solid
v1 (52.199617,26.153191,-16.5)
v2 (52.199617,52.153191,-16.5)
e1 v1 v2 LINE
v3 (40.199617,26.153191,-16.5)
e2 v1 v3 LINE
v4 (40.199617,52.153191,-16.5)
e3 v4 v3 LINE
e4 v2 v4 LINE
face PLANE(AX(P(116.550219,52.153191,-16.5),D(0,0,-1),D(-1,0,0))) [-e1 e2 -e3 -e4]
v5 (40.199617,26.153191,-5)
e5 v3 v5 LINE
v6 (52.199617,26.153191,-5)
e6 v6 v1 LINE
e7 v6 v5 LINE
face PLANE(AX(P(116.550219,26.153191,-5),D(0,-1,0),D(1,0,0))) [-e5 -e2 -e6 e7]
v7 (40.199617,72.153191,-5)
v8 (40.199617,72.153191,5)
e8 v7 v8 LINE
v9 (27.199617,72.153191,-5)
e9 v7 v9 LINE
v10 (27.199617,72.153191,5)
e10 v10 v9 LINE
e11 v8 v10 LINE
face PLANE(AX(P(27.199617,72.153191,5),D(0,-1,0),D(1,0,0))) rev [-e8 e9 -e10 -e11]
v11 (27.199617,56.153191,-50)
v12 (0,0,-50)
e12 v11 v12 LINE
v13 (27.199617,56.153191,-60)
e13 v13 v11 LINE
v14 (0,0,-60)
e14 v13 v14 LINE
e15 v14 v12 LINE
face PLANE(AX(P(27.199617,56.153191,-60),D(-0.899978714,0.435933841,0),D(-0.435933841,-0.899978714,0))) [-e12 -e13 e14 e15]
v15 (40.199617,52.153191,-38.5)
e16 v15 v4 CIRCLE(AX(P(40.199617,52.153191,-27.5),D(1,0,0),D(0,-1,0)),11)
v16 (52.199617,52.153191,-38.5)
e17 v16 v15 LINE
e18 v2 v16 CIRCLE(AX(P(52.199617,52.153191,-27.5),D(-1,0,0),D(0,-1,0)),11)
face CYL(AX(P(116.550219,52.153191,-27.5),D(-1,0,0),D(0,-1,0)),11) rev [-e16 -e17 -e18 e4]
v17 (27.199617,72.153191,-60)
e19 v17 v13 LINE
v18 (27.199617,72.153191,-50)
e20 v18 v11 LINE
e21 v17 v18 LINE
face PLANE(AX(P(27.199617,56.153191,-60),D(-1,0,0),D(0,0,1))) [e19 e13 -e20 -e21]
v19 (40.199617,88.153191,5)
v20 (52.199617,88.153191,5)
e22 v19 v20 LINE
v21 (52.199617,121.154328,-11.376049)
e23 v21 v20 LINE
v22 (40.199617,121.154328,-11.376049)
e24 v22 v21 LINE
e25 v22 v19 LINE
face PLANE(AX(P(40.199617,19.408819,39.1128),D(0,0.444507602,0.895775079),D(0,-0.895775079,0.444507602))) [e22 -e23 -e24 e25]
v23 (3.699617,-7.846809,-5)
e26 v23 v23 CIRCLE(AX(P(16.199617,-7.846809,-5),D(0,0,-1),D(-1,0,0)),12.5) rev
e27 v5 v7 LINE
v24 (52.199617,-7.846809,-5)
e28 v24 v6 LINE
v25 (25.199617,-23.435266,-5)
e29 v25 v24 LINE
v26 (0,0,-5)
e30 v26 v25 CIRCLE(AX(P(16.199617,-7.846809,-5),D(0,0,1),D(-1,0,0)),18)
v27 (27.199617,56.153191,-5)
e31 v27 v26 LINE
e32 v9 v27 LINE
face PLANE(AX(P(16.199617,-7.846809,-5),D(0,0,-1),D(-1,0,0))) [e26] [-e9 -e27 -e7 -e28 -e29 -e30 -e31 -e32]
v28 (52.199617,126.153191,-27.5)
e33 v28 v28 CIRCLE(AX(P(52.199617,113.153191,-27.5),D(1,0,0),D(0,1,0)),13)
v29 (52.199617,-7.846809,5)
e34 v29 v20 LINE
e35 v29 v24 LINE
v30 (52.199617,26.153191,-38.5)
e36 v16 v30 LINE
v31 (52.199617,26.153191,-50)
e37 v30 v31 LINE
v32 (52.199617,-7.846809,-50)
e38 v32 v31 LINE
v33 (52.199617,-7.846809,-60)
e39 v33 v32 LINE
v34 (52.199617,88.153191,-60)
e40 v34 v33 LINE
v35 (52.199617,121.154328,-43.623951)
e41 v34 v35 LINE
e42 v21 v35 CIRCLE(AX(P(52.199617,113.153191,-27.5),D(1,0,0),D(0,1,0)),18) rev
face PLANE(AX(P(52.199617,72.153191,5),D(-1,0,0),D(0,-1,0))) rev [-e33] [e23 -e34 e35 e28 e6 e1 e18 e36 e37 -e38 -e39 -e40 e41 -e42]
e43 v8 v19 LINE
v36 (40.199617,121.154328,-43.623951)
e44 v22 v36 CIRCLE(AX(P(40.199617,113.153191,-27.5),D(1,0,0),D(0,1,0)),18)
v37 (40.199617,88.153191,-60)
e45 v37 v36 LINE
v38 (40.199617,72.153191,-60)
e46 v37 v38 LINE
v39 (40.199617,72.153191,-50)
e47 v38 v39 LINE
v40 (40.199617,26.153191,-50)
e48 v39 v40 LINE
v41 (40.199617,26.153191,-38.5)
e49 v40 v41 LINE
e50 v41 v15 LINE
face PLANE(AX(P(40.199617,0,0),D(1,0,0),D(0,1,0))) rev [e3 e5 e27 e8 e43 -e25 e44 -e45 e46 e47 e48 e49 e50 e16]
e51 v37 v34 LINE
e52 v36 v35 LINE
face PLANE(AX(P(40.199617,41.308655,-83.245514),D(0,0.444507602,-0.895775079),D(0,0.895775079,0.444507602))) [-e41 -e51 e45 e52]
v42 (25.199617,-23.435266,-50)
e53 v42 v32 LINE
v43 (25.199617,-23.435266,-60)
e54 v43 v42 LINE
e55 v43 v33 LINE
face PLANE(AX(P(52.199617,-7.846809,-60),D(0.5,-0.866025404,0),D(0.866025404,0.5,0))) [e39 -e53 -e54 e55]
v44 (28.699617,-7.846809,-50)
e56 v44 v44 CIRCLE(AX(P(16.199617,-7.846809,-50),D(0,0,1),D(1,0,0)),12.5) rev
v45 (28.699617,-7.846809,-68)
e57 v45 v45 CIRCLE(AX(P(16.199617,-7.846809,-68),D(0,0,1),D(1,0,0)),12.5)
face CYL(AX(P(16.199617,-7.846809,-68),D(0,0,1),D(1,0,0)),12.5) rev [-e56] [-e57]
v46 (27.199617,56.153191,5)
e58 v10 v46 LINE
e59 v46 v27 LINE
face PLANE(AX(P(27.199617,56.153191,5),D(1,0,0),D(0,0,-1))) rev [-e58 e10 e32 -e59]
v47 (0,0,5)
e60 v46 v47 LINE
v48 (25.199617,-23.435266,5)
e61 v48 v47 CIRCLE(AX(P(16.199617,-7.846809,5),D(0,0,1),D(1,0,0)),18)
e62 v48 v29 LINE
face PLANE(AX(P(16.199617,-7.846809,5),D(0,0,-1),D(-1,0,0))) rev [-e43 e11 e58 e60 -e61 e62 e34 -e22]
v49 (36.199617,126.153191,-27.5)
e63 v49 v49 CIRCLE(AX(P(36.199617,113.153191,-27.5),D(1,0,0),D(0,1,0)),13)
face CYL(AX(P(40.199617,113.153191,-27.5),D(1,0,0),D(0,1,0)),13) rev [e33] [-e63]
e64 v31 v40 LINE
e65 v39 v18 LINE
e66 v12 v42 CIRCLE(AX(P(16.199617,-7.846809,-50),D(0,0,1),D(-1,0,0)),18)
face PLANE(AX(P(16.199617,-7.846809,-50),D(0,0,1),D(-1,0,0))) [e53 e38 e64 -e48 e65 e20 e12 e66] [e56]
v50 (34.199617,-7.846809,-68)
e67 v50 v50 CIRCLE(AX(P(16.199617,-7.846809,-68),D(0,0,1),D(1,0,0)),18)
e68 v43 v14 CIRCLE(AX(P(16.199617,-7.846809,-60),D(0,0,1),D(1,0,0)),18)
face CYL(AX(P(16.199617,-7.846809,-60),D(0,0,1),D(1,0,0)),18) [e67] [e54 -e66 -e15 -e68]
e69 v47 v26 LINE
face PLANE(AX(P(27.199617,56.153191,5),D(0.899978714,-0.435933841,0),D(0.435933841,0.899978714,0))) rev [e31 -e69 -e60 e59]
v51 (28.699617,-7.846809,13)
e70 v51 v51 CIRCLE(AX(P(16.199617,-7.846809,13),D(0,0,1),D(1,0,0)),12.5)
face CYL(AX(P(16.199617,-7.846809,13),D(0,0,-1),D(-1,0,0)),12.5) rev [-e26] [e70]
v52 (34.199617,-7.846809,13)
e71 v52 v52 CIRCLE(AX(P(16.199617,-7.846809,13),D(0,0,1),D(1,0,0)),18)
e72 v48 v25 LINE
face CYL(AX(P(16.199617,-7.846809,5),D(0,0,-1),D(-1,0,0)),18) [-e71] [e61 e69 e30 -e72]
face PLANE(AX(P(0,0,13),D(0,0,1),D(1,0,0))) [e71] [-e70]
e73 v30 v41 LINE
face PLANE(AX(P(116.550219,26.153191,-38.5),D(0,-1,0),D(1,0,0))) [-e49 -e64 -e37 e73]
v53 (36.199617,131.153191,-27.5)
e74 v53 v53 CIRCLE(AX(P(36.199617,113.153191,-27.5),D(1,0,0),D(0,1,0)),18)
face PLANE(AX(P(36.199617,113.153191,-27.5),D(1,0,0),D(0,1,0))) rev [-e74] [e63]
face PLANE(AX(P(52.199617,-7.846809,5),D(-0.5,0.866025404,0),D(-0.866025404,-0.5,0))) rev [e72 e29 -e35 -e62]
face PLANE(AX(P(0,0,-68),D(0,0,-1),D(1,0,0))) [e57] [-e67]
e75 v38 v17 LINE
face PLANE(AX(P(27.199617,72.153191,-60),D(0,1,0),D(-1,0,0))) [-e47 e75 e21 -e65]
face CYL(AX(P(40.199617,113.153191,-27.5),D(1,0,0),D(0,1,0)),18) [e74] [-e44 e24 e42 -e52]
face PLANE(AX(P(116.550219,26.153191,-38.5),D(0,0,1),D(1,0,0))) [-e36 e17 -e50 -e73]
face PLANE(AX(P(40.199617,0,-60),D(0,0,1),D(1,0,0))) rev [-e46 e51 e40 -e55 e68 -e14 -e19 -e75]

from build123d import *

# Parameters (mm, degrees)
BOSS_EXTRUDE1_DEPTH = 5
BOSS_EXTRUDE2_START = 8
SKETCH2_R           = 12.5
BOSS_EXTRUDE2_DEPTH = 8
CUT_EXTRUDE1_REACH  = 91.615
SKETCH3_R           = 12.5
SKETCH5_R           = 13
BOSS_EXTRUDE3_DEPTH = 12
SKETCH6_R           = 18
SKETCH6_R_2         = 13
BOSS_EXTRUDE4_DEPTH = 16
CUT_EXTRUDE2_REACH  = 160.918
SKETCH7_R           = 12.5
BOSS_EXTRUDE5_DEPTH = 12


with BuildPart() as part:
    # Sketch1 → Boss-Extrude1 (new, symmetric)
    with BuildSketch(Plane.XY):
        with BuildLine():
            Line((27.199616854, 56.153190853), (27.199616854, 72.153190853))
            Line((27.199616854, 72.153190853), (52.199616854, 72.153190853))
            Line((52.199616854, 72.153190853), (52.199616854, -7.846809147))
            Line((52.199616854, -7.846809147), (25.199616854, -23.435266415))
            ThreePointArc((25.199616854, -23.435266415), (3.94149511, -21.027797399), (0, 0))
            Line((0, 0), (27.199616854, 56.153190853))
        make_face()
    boss_extrude1 = extrude(amount=BOSS_EXTRUDE1_DEPTH, both=True)

    # Sketch2 → Boss-Extrude2 (add)
    with BuildSketch(Plane.XY.offset(5).offset(BOSS_EXTRUDE2_START)):
        with BuildLine():
            ThreePointArc((34.199616854, -7.846809147), (20.224967561, 9.697322399), (0, 0))
            ThreePointArc((0, 0), (3.94149511, -21.027797399), (25.199616854, -23.435266415))
            ThreePointArc((25.199616854, -23.435266415), (31.788074122, -16.846809147), (34.199616854, -7.846809147))
        make_face()
        with Locations((16.199616854, -7.846809147)):
            Circle(SKETCH2_R, mode=Mode.SUBTRACT)
    boss_extrude2 = extrude(amount=-BOSS_EXTRUDE2_DEPTH)

    # Sketch3 → Cut-Extrude1 (cut, up to next)
    with BuildSketch(Plane.XY.offset(5), mode=Mode.PRIVATE) as cut_extrude1_sk1:
        with Locations(Location((16.199616854, -7.846809147, 0), (0, 0, 180))):
            Circle(SKETCH3_R)
    cut_extrude1_tool1 = extrude(cut_extrude1_sk1.sketch, amount=-CUT_EXTRUDE1_REACH, mode=Mode.PRIVATE) & part.part
    add(cut_extrude1_tool1.solids().sort_by_distance((16.199617, -7.846809, 5))[0], mode=Mode.SUBTRACT)

    # Sketch5 → Boss-Extrude3 (add)
    with BuildSketch(Plane(origin=(52.199616854, 0, 0), x_dir=(0, 0, -1), z_dir=(1, 0, 0))):
        with BuildLine():
            Line((11.376048584, 121.154327694), (-5, 88.153190853))
            Line((-5, 88.153190853), (-5, 72.153190853))
            Line((-5, 72.153190853), (60, 72.153190853))
            Line((60, 72.153190853), (60, 88.153190853))
            Line((60, 88.153190853), (43.623951416, 121.154327694))
            ThreePointArc((43.623951416, 121.154327694), (27.5, 131.153190853), (11.376048584, 121.154327694))
        make_face()
        with Locations(Location((27.5, 113.153190853, 0), (0, 0, 90))):
            Circle(SKETCH5_R, mode=Mode.SUBTRACT)
    extrude(amount=-BOSS_EXTRUDE3_DEPTH)

    # Sketch6 → Boss-Extrude4 (add)
    with BuildSketch(Plane(origin=(52.199616854, 0, 0), x_dir=(0, 0, -1), z_dir=(1, 0, 0))):
        with Locations(Location((27.5, 113.153190853, 0), (0, 0, 90))):
            Circle(SKETCH6_R)
        with Locations(Location((27.5, 113.153190853, 0), (0, 0, 90))):
            Circle(SKETCH6_R_2, mode=Mode.SUBTRACT)
    extrude(amount=-BOSS_EXTRUDE4_DEPTH)

    # Mirror1: Boss-Extrude1, Boss-Extrude2 across plane
    add(boss_extrude1.mirror(Plane.XY.offset(-27.5)))
    add(boss_extrude2.mirror(Plane.XY.offset(-27.5)))

    # Sketch7 → Cut-Extrude2 (cut, up to next)
    with BuildSketch(Plane(origin=(0, 0, -60), x_dir=(-1, 0, 0), z_dir=(0, 0, -1)), mode=Mode.PRIVATE) as cut_extrude2_sk1:
        with Locations((-16.199616854, -7.846809147)):
            Circle(SKETCH7_R)
    cut_extrude2_tool1 = extrude(cut_extrude2_sk1.sketch, amount=-CUT_EXTRUDE2_REACH, mode=Mode.PRIVATE) & part.part
    add(cut_extrude2_tool1.solids().sort_by_distance((16.199617, -7.846809, -60))[0], mode=Mode.SUBTRACT)

    # Sketch8 → Boss-Extrude5 (add)
    with BuildSketch(Plane.ZY.offset(-40.199616854)):
        with BuildLine():
            Line((-5, 26.153190853), (-16.5, 26.153190853))
            Line((-16.5, 26.153190853), (-16.5, 52.153190853))
            ThreePointArc((-16.5, 52.153190853), (-27.5, 63.153190853), (-38.5, 52.153190853))
            Line((-38.5, 52.153190853), (-38.5, 26.153190853))
            Line((-38.5, 26.153190853), (-50, 26.153190853))
            Line((-50, 26.153190853), (-50, 72.153190853))
            Line((-50, 72.153190853), (-5, 72.153190853))
            Line((-5, 72.153190853), (-5, 26.153190853))
        make_face()
    extrude(amount=-BOSS_EXTRUDE5_DEPTH)


solid = part.part
